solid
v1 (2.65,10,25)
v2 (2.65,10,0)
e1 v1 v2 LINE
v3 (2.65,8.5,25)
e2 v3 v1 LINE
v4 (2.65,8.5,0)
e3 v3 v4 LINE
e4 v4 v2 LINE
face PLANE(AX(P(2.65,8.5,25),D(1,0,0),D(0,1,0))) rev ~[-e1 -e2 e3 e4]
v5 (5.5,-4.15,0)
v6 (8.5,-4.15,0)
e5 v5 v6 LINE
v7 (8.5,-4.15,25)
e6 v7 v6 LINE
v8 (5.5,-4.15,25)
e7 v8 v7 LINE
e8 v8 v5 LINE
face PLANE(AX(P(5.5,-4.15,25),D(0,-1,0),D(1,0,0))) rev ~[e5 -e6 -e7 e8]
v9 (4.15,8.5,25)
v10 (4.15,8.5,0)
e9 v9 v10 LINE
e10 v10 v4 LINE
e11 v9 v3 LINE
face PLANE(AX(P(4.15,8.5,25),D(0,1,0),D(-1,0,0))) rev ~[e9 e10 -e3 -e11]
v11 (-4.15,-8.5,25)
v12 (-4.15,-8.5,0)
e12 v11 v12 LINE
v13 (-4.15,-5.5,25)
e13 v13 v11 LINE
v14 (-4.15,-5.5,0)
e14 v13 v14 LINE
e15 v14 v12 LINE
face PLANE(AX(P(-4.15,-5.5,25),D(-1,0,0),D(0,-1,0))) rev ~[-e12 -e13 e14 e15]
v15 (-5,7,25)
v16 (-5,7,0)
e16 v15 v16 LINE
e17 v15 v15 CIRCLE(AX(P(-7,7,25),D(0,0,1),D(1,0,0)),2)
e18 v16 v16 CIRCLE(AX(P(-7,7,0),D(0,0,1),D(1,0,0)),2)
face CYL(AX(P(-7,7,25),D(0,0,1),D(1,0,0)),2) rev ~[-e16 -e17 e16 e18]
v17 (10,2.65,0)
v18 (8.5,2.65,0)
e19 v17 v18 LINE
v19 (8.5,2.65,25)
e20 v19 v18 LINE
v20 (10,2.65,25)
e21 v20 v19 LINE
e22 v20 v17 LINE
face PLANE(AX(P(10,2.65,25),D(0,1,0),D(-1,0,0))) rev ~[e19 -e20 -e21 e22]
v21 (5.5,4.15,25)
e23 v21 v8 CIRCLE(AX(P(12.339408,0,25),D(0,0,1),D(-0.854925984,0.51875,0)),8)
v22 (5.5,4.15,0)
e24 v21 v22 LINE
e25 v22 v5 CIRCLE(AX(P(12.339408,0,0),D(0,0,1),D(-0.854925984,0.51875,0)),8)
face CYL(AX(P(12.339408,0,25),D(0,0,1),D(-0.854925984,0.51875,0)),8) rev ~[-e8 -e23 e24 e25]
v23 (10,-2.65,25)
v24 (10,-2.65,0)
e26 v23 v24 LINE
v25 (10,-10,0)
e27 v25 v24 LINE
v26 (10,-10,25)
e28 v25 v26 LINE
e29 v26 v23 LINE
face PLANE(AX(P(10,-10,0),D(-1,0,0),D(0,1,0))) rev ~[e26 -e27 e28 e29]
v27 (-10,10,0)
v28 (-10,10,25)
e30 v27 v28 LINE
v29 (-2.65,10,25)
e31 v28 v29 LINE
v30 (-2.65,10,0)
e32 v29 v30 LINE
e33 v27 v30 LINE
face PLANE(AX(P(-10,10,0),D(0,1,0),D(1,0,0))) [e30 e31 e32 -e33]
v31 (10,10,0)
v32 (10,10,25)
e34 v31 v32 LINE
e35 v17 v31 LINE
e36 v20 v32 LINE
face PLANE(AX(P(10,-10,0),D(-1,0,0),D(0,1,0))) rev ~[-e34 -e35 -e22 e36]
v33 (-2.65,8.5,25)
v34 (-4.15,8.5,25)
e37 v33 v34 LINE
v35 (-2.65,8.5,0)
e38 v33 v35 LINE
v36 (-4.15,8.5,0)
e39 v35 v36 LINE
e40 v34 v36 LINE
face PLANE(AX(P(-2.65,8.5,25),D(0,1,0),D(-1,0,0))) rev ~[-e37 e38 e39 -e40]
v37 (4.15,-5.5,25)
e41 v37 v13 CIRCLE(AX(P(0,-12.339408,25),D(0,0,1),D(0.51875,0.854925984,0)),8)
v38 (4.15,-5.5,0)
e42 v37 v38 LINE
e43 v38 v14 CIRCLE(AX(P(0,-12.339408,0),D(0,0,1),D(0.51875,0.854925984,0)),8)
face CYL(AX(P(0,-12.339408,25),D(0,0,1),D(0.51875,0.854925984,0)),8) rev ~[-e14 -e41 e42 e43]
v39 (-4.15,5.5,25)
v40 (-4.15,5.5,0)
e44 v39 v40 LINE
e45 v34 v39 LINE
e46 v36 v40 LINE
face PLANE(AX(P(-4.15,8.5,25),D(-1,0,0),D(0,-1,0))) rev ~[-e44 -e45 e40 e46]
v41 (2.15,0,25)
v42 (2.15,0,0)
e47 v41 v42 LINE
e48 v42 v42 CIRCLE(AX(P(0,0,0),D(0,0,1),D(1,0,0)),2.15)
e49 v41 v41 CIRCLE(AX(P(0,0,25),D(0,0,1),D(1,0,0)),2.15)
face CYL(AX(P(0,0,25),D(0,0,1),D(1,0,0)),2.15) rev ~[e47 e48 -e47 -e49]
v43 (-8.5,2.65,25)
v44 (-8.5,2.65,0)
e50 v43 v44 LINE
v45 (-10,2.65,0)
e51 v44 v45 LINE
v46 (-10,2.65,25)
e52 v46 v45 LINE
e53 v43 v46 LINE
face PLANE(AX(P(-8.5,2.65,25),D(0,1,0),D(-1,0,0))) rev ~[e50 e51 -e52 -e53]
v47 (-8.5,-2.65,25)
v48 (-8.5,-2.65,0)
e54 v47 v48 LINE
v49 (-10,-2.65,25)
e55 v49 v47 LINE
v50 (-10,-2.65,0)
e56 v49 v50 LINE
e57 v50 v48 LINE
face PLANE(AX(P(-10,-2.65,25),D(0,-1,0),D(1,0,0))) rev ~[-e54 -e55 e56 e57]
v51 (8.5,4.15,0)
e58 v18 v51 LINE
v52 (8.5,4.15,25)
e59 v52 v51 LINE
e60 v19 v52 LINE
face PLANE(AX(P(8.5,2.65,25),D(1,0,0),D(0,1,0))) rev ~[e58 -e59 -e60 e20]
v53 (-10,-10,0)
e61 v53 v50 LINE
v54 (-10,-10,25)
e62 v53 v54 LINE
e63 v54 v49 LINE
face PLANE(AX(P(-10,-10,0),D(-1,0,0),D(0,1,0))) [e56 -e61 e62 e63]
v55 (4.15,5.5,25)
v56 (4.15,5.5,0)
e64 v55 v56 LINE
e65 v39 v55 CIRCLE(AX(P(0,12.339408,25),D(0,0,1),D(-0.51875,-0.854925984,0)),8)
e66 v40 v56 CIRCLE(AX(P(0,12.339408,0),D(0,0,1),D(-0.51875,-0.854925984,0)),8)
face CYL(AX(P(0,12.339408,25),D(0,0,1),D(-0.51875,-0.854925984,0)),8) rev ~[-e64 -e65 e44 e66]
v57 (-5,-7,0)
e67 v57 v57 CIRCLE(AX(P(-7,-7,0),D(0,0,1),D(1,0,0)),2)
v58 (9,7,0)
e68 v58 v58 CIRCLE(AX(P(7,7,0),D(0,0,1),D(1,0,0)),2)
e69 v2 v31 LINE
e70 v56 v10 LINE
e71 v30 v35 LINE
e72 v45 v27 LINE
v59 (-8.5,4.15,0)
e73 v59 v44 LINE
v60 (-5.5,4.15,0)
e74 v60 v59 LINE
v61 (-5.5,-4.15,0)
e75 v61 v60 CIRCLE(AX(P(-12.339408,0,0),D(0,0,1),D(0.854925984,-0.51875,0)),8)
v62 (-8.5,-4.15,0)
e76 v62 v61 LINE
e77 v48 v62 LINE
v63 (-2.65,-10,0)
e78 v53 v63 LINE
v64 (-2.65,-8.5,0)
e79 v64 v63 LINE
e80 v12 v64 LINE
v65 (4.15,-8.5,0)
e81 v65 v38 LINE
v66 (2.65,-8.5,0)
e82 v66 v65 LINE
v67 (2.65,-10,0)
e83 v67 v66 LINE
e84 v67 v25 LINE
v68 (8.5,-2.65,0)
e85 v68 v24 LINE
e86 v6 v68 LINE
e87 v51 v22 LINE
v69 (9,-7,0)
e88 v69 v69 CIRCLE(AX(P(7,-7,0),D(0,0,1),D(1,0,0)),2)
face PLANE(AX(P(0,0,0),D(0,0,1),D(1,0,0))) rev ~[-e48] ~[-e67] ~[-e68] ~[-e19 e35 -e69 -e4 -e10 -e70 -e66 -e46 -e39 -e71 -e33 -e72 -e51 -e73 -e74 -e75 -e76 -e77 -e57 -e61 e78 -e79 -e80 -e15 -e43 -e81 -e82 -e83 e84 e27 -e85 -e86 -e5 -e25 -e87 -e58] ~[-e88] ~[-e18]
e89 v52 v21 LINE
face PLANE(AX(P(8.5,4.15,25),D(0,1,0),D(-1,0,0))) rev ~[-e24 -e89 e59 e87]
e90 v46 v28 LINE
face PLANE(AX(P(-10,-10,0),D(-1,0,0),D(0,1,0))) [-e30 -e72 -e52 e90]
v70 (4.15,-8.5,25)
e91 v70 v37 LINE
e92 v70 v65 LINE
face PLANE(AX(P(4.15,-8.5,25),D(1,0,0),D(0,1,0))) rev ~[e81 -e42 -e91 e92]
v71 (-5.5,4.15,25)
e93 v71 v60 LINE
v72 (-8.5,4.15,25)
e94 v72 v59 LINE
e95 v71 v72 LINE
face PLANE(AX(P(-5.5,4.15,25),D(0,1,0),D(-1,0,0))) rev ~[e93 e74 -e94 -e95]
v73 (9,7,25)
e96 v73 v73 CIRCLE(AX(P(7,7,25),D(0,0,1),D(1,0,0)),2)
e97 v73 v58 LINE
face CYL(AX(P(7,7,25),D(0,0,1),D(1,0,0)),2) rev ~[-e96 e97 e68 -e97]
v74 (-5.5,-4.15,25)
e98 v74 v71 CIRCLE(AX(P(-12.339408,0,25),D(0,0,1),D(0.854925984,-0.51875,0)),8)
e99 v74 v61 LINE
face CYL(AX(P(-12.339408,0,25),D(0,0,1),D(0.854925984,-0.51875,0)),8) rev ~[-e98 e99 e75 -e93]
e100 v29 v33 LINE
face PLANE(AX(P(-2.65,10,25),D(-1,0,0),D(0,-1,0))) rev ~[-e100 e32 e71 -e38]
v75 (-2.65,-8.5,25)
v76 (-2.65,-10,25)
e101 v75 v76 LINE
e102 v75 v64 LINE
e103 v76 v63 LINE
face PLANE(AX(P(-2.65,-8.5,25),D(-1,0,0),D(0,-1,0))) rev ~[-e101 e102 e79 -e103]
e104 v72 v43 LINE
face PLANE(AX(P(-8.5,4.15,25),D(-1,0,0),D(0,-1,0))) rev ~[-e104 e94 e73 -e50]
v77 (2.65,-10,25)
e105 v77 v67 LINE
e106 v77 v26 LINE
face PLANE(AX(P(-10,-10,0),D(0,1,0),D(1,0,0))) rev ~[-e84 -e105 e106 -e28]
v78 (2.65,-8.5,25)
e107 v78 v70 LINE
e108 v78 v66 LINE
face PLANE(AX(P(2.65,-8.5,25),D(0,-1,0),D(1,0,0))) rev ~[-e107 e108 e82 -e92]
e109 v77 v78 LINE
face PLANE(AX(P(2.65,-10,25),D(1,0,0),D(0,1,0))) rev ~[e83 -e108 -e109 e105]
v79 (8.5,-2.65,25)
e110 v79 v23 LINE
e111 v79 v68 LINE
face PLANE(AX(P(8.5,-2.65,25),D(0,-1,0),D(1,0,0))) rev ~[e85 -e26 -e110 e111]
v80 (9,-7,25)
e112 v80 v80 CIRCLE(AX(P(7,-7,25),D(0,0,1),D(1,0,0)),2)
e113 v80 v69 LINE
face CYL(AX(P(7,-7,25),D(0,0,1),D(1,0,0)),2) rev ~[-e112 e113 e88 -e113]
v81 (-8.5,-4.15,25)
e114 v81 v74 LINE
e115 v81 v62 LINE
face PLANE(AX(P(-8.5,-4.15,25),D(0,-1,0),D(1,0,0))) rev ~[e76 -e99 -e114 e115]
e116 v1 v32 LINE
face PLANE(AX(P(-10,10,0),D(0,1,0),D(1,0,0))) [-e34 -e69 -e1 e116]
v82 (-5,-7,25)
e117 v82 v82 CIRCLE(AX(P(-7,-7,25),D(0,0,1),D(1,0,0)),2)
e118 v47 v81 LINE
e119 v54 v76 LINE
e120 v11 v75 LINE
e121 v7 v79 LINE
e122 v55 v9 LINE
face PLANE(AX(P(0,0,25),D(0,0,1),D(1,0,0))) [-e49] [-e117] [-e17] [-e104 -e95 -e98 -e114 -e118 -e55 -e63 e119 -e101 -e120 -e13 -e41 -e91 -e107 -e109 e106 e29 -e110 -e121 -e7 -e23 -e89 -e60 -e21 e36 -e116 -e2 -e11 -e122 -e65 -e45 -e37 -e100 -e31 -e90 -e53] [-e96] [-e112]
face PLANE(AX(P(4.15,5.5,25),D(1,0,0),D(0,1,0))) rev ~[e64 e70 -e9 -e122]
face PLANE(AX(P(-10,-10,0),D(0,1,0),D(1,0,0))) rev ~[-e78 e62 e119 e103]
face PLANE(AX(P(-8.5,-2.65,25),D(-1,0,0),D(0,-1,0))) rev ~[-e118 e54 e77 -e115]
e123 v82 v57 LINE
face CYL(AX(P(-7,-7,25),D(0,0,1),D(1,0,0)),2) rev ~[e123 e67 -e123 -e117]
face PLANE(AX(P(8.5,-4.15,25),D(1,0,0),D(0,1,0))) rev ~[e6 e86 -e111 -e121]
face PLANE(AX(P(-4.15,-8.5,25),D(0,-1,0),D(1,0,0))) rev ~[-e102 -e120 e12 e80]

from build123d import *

# Parameters (mm, degrees)
SKETCH_1_W          = 20
SKETCH_1_H          = 20
EXTRUDE_1_DEPTH     = 25
SKETCH_2_R          = 2.15
SKETCH_2_R_2        = 2
CUT_EXTRUDE_1_DEPTH = 300


with BuildPart() as part:
    # 스케치1 → 보스-돌출1 (new body)
    with BuildSketch(Plane.XY):
        Rectangle(SKETCH_1_W, SKETCH_1_H)
    extrude(amount=EXTRUDE_1_DEPTH)

    # 스케치2 → 컷-돌출1 (cut)
    with BuildSketch(Plane.XY.offset(25)):
        Circle(SKETCH_2_R)
        with Locations((-7, 7)):
            Circle(SKETCH_2_R_2)
        with Locations((7, 7)):
            Circle(SKETCH_2_R_2)
        with Locations((7, -7)):
            Circle(SKETCH_2_R_2)
        with Locations((-7, -7)):
            Circle(SKETCH_2_R_2)
        with BuildLine():
            Line((-2.65, 10), (-2.65, 8.5))
            Line((-2.65, 8.5), (-4.15, 8.5))
            Line((-4.15, 8.5), (-4.15, 5.5))
            ThreePointArc((-4.15, 5.5), (0, 4.339407869), (4.15, 5.5))
            Line((4.15, 5.5), (4.15, 8.5))
            Line((4.15, 8.5), (2.65, 8.5))
            Line((2.65, 8.5), (2.65, 10))
            Line((2.65, 10), (-2.65, 10))
        make_face()
        with BuildLine():
            Line((10, 2.65), (8.5, 2.65))
            Line((8.5, 2.65), (8.5, 4.15))
            Line((8.5, 4.15), (5.5, 4.15))
            ThreePointArc((5.5, 4.15), (4.339407869, 0), (5.5, -4.15))
            Line((5.5, -4.15), (8.5, -4.15))
            Line((8.5, -4.15), (8.5, -2.65))
            Line((8.5, -2.65), (10, -2.65))
            Line((10, -2.65), (10, 2.65))
        make_face()
        with BuildLine():
            Line((2.65, -10), (2.65, -8.5))
            Line((2.65, -8.5), (4.15, -8.5))
            Line((4.15, -8.5), (4.15, -5.5))
            ThreePointArc((4.15, -5.5), (0, -4.339407869), (-4.15, -5.5))
            Line((-4.15, -5.5), (-4.15, -8.5))
            Line((-4.15, -8.5), (-2.65, -8.5))
            Line((-2.65, -8.5), (-2.65, -10))
            Line((-2.65, -10), (2.65, -10))
        make_face()
        with BuildLine():
            Line((-10, -2.65), (-8.5, -2.65))
            Line((-8.5, -2.65), (-8.5, -4.15))
            Line((-8.5, -4.15), (-5.5, -4.15))
            ThreePointArc((-5.5, -4.15), (-4.339407869, 0), (-5.5, 4.15))
            Line((-5.5, 4.15), (-8.5, 4.15))
            Line((-8.5, 4.15), (-8.5, 2.65))
            Line((-8.5, 2.65), (-10, 2.65))
            Line((-10, 2.65), (-10, -2.65))
        make_face()
    extrude(amount=-CUT_EXTRUDE_1_DEPTH, mode=Mode.SUBTRACT)


solid = part.part
